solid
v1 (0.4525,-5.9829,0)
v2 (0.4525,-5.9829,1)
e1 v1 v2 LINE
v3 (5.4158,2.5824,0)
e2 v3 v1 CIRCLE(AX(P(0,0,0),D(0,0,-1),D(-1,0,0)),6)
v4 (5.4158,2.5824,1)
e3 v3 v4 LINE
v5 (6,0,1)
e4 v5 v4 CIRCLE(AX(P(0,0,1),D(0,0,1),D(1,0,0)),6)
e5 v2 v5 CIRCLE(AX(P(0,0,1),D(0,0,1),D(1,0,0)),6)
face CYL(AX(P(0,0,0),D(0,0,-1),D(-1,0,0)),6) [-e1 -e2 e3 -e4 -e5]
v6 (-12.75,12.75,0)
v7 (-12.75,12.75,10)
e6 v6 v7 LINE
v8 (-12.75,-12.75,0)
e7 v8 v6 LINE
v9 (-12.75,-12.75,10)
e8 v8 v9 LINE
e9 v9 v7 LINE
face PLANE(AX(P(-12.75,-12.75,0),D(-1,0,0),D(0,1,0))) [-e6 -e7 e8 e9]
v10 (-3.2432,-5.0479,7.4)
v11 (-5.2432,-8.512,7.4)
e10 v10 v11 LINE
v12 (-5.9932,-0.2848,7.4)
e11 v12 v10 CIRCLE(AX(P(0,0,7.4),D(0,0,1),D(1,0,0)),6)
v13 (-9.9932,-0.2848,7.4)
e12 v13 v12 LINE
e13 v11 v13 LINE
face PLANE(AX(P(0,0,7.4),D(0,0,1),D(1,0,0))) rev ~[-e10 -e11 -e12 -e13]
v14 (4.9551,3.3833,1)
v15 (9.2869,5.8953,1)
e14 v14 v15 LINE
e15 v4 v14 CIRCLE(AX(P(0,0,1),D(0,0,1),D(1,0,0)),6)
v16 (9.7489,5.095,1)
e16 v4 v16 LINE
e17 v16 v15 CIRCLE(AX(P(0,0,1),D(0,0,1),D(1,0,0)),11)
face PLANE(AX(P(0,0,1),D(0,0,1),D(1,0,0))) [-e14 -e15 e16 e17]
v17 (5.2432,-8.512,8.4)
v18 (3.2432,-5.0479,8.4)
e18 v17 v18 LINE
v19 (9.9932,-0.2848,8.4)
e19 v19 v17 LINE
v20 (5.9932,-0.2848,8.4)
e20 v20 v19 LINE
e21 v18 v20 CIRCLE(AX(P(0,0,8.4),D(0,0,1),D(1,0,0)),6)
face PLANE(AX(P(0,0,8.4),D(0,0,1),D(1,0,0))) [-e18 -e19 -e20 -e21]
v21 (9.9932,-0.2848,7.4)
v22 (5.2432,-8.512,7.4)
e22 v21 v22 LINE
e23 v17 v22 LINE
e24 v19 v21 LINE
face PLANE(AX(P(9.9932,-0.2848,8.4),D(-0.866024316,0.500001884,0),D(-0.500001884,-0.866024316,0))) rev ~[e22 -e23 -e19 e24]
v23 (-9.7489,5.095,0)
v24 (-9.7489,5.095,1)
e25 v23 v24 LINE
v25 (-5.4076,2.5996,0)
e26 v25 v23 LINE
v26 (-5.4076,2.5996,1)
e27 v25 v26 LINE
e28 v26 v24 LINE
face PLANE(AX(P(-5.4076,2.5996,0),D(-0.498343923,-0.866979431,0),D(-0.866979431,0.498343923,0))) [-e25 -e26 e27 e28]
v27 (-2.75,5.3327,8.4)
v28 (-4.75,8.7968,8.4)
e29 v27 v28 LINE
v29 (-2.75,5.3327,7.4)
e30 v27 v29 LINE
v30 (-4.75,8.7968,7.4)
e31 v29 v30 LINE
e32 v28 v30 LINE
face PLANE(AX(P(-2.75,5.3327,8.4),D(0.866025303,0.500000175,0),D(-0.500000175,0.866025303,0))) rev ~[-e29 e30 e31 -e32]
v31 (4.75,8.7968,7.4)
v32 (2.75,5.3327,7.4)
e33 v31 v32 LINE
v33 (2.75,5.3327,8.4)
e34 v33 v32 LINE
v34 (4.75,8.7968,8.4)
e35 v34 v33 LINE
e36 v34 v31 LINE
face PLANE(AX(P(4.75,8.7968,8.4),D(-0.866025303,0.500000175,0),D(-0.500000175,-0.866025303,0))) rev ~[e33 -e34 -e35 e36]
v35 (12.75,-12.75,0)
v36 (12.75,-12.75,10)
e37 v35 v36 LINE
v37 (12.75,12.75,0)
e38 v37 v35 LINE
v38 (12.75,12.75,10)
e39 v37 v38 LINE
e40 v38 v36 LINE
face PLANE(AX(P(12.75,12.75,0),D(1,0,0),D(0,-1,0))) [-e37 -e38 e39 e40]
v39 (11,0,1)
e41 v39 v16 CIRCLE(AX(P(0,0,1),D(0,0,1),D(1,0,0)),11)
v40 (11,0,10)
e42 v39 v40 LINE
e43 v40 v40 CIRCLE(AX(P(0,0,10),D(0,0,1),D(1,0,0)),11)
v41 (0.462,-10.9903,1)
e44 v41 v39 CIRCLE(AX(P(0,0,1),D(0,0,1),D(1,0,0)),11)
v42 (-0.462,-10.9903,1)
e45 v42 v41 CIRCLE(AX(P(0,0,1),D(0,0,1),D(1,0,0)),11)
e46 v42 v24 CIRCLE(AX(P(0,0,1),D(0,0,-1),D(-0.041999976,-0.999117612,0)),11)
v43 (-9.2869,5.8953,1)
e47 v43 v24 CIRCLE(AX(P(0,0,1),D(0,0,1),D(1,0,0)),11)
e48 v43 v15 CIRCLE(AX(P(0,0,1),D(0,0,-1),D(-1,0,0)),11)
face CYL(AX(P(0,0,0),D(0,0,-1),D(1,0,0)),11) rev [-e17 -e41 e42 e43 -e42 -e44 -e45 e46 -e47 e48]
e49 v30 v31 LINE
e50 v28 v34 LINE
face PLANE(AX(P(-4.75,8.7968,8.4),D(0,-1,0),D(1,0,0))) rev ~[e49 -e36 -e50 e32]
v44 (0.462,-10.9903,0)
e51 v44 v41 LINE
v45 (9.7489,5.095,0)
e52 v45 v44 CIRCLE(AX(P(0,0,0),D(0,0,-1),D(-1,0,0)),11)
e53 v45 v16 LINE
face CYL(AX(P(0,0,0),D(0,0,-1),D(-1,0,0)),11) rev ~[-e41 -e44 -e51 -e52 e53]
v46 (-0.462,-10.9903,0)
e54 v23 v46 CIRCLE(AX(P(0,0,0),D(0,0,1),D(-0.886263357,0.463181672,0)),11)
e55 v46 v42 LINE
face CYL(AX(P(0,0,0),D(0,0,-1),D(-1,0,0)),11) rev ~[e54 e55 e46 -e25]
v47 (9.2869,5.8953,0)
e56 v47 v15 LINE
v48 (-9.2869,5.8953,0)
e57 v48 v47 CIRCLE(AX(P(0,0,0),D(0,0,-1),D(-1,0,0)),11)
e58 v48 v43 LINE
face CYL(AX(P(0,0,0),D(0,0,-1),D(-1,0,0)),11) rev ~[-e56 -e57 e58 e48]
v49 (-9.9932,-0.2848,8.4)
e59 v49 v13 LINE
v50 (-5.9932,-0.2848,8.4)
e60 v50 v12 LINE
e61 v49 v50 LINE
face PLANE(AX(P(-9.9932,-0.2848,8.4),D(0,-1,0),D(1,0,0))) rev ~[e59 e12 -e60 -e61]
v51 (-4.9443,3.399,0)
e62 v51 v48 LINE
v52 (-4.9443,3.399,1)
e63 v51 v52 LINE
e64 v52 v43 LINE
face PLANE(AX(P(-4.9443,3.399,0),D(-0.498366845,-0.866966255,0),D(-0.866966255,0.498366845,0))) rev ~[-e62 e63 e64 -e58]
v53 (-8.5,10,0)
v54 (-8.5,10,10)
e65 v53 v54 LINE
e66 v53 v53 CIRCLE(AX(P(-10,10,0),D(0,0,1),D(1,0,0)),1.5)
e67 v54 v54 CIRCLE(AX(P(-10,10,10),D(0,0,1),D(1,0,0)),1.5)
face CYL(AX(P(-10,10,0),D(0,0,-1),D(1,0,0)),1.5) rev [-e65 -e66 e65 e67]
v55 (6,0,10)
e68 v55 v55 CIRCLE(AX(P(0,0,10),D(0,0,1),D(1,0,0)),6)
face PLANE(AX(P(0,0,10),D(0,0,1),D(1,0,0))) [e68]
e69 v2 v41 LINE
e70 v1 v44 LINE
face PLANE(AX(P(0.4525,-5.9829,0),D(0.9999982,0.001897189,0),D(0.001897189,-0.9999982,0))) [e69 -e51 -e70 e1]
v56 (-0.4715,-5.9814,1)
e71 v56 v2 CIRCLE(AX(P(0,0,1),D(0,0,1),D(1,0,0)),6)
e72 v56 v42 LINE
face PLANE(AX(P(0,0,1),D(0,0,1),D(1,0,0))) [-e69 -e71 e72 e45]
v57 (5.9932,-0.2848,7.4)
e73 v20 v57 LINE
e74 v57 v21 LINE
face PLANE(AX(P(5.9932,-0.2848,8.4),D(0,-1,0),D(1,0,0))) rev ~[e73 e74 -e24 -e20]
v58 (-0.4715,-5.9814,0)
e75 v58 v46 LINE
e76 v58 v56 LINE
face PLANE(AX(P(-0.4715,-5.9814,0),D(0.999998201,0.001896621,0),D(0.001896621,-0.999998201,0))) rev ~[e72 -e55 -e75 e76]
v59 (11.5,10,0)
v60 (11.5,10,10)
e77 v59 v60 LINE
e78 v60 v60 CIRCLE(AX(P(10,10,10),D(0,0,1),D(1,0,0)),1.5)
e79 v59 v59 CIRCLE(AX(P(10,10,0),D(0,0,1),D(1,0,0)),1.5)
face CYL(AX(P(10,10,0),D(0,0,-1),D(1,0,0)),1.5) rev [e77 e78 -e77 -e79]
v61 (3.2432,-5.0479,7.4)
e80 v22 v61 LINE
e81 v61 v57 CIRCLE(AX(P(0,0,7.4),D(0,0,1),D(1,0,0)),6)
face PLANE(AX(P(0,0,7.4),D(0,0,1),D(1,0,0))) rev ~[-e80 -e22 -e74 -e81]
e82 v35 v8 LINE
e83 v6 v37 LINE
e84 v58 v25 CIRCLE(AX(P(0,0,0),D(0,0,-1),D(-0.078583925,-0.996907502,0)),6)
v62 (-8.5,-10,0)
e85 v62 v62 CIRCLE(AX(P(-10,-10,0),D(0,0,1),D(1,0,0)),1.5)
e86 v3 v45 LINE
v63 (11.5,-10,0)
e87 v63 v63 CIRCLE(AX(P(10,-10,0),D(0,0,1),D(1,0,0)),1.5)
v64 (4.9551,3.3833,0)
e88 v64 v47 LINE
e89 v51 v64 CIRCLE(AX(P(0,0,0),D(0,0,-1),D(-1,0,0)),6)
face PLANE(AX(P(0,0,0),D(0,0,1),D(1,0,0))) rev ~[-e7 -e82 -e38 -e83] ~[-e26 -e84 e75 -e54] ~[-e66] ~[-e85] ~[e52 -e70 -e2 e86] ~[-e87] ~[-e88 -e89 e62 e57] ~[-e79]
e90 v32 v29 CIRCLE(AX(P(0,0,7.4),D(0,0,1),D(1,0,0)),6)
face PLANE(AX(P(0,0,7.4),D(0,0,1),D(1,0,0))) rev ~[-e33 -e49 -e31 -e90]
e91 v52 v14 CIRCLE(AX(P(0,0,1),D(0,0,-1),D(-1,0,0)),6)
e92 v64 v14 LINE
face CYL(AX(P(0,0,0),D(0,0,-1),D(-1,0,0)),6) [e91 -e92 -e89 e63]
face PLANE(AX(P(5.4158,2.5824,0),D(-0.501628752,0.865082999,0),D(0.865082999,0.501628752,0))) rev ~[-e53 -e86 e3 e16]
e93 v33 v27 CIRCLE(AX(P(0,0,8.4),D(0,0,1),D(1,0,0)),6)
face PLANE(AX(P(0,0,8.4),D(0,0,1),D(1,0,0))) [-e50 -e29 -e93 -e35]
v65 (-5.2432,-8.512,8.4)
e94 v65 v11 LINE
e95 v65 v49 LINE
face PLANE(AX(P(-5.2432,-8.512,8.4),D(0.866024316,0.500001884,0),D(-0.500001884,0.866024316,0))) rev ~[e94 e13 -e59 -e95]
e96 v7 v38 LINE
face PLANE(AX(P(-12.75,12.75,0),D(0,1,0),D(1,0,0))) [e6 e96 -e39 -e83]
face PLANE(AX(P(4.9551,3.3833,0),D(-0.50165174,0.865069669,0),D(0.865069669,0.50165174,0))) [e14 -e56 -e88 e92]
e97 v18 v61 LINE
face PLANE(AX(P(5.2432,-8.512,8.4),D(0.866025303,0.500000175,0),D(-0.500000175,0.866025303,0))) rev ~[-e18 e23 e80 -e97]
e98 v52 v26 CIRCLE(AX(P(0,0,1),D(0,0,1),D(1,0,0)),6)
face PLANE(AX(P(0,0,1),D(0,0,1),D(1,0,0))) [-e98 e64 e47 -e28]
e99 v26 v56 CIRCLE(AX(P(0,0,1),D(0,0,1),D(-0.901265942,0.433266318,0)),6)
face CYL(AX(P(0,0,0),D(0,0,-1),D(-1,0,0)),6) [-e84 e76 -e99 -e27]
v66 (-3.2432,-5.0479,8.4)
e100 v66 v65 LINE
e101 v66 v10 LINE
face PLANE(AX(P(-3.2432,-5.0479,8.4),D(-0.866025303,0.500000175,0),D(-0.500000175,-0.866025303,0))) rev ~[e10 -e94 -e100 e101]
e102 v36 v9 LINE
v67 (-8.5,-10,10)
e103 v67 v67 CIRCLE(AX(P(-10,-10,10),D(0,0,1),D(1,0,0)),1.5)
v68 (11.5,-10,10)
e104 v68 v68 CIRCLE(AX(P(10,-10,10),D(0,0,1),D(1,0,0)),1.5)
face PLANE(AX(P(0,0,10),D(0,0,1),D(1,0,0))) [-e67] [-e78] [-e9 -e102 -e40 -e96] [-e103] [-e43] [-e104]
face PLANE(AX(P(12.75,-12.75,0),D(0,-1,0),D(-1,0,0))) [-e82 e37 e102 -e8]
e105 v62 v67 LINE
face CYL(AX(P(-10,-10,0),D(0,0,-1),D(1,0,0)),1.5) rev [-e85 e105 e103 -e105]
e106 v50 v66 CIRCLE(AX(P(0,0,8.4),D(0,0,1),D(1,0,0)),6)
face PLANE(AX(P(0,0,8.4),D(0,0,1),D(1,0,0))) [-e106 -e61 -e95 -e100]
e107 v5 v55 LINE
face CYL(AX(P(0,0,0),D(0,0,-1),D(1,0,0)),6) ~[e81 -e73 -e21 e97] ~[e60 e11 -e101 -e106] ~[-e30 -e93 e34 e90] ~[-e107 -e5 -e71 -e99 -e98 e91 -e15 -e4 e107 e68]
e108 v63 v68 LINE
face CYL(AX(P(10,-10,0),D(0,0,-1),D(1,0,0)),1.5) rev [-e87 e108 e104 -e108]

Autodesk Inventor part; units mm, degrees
ref_plane "YZ Plane" through (0, 0, 0) normal (1, 0, 0) x (0, 1, 0)
ref_plane "XZ Plane" through (0, 0, 0) normal (0, 1, 0) x (-1, 0, 0)
sketch "Sketch1" plane through (0, 0, 0) normal (0, 0, 1) x (1, 0, 0)
  line L0 (0, -17.85) -> (0, 17.85) construction
  line L1 (-17.85, 0) -> (17.85, 0) construction
  line L2 (-12.75, 12.75) -> (12.75, 12.75)
  line L3 (12.75, 12.75) -> (12.75, -12.75)
  line L4 (12.75, -12.75) -> (-12.75, -12.75)
  line L5 (-12.75, -12.75) -> (-12.75, 12.75)
  line L6 (-12.75, 12.75) -> (12.75, -12.75) construction
  line L7 (12.75, 12.75) -> (-12.75, -12.75) construction
  circle A0 centre (-10, -10) radius 1.5
  circle A1 centre (10, -10) radius 1.5
  circle A2 centre (-10, 10) radius 1.5
  circle A3 centre (10, 10) radius 1.5
  circle A4 centre (0, 0) radius 6
  circle A5 centre (0, 0) radius 11
  dimension "d0" = 25.5
  dimension "d1" = 25.5
  dimension "d2" = 3
  dimension "d3" = 3
  dimension "d4" = 20
  dimension "d5" = 2.75
  dimension "d7" = 2.75
  dimension "d8" = 2.75
  dimension "d9" = 12
  dimension "d10" = 22
extrude "Extrusion1" add sketch "Sketch1" along normal blind 10
extrude "Extrusion2" add sketch "Sketch1" along normal blind 1 contours A5
sketch "Sketch3" plane through (0, 0, 0) normal (0, 0, -1) x (-1, 0, 0)
  circle A0 centre (0, 0) radius 6 projected
  line L0 (-5.4158, 2.5824) -> (-9.7489, 5.095)
  circle A1 centre (0, 0) radius 11 projected
  line L1 (-4.9551, 3.3833) -> (-9.2869, 5.8953)
  line L2 (0.4715, -5.9814) -> (0.462, -10.9903)
  line L3 (-0.4525, -5.9829) -> (-0.462, -10.9903)
  line L4 (4.9443, 3.399) -> (9.2869, 5.8953)
  line L5 (5.4076, 2.5996) -> (9.7489, 5.095)
  dimension "d17" = 0.924
  dimension "d18" = 0.924
  dimension "d21" = 360
  dimension "d23" = 120
  dimension "d24" = 0.924
extrude "Extrusion3" cut sketch "Sketch3" against normal blind 1 contours A0 L5 A1 L2 | A0 L1 A1 L4 | L3 A1 L0 A0
ref_plane "Work Plane1" through (0, 0, 8.4) normal (0, 0, 1) x (1, 0, 0)
sketch "Sketch4" plane through (0, 0, 8.4) normal (0, 0, 1) x (1, 0, 0)
  circle A0 centre (0, 0) radius 6 projected
  line L0 (-2.75, 5.3327) -> (-4.75, 8.7968)
  line L1 (-4.75, 8.7968) -> (4.75, 8.7968)
  line L2 (4.75, 8.7968) -> (2.75, 5.3327)
  line L3 (-12.75, 12.75) -> (-12.75, -12.75) projected
  line L4 (12.75, -12.75) -> (12.75, 12.75) projected
  line L5 (-3.2432, -5.0479) -> (-5.2432, -8.512)
  line L6 (-5.2432, -8.512) -> (-9.9932, -0.2848)
  line L7 (-9.9932, -0.2848) -> (-5.9932, -0.2848)
  line L8 (5.9932, -0.2848) -> (9.9932, -0.2848)
  line L9 (9.9932, -0.2848) -> (5.2432, -8.512)
  line L10 (5.2432, -8.512) -> (3.2432, -5.0479)
  dimension "d28" = 8
  dimension "d29" = 8
  dimension "d30" = 10
  dimension "d31" = 60
  dimension "d32" = 60
  dimension "d35" = 360
extrude "Extrusion4" add sketch "Sketch4" against normal blind 1 contours A0 L0 L1 L2 | L8 L9 L10 A0 | A0 L5 L6 L7
properties part number "maly_wentylator"
